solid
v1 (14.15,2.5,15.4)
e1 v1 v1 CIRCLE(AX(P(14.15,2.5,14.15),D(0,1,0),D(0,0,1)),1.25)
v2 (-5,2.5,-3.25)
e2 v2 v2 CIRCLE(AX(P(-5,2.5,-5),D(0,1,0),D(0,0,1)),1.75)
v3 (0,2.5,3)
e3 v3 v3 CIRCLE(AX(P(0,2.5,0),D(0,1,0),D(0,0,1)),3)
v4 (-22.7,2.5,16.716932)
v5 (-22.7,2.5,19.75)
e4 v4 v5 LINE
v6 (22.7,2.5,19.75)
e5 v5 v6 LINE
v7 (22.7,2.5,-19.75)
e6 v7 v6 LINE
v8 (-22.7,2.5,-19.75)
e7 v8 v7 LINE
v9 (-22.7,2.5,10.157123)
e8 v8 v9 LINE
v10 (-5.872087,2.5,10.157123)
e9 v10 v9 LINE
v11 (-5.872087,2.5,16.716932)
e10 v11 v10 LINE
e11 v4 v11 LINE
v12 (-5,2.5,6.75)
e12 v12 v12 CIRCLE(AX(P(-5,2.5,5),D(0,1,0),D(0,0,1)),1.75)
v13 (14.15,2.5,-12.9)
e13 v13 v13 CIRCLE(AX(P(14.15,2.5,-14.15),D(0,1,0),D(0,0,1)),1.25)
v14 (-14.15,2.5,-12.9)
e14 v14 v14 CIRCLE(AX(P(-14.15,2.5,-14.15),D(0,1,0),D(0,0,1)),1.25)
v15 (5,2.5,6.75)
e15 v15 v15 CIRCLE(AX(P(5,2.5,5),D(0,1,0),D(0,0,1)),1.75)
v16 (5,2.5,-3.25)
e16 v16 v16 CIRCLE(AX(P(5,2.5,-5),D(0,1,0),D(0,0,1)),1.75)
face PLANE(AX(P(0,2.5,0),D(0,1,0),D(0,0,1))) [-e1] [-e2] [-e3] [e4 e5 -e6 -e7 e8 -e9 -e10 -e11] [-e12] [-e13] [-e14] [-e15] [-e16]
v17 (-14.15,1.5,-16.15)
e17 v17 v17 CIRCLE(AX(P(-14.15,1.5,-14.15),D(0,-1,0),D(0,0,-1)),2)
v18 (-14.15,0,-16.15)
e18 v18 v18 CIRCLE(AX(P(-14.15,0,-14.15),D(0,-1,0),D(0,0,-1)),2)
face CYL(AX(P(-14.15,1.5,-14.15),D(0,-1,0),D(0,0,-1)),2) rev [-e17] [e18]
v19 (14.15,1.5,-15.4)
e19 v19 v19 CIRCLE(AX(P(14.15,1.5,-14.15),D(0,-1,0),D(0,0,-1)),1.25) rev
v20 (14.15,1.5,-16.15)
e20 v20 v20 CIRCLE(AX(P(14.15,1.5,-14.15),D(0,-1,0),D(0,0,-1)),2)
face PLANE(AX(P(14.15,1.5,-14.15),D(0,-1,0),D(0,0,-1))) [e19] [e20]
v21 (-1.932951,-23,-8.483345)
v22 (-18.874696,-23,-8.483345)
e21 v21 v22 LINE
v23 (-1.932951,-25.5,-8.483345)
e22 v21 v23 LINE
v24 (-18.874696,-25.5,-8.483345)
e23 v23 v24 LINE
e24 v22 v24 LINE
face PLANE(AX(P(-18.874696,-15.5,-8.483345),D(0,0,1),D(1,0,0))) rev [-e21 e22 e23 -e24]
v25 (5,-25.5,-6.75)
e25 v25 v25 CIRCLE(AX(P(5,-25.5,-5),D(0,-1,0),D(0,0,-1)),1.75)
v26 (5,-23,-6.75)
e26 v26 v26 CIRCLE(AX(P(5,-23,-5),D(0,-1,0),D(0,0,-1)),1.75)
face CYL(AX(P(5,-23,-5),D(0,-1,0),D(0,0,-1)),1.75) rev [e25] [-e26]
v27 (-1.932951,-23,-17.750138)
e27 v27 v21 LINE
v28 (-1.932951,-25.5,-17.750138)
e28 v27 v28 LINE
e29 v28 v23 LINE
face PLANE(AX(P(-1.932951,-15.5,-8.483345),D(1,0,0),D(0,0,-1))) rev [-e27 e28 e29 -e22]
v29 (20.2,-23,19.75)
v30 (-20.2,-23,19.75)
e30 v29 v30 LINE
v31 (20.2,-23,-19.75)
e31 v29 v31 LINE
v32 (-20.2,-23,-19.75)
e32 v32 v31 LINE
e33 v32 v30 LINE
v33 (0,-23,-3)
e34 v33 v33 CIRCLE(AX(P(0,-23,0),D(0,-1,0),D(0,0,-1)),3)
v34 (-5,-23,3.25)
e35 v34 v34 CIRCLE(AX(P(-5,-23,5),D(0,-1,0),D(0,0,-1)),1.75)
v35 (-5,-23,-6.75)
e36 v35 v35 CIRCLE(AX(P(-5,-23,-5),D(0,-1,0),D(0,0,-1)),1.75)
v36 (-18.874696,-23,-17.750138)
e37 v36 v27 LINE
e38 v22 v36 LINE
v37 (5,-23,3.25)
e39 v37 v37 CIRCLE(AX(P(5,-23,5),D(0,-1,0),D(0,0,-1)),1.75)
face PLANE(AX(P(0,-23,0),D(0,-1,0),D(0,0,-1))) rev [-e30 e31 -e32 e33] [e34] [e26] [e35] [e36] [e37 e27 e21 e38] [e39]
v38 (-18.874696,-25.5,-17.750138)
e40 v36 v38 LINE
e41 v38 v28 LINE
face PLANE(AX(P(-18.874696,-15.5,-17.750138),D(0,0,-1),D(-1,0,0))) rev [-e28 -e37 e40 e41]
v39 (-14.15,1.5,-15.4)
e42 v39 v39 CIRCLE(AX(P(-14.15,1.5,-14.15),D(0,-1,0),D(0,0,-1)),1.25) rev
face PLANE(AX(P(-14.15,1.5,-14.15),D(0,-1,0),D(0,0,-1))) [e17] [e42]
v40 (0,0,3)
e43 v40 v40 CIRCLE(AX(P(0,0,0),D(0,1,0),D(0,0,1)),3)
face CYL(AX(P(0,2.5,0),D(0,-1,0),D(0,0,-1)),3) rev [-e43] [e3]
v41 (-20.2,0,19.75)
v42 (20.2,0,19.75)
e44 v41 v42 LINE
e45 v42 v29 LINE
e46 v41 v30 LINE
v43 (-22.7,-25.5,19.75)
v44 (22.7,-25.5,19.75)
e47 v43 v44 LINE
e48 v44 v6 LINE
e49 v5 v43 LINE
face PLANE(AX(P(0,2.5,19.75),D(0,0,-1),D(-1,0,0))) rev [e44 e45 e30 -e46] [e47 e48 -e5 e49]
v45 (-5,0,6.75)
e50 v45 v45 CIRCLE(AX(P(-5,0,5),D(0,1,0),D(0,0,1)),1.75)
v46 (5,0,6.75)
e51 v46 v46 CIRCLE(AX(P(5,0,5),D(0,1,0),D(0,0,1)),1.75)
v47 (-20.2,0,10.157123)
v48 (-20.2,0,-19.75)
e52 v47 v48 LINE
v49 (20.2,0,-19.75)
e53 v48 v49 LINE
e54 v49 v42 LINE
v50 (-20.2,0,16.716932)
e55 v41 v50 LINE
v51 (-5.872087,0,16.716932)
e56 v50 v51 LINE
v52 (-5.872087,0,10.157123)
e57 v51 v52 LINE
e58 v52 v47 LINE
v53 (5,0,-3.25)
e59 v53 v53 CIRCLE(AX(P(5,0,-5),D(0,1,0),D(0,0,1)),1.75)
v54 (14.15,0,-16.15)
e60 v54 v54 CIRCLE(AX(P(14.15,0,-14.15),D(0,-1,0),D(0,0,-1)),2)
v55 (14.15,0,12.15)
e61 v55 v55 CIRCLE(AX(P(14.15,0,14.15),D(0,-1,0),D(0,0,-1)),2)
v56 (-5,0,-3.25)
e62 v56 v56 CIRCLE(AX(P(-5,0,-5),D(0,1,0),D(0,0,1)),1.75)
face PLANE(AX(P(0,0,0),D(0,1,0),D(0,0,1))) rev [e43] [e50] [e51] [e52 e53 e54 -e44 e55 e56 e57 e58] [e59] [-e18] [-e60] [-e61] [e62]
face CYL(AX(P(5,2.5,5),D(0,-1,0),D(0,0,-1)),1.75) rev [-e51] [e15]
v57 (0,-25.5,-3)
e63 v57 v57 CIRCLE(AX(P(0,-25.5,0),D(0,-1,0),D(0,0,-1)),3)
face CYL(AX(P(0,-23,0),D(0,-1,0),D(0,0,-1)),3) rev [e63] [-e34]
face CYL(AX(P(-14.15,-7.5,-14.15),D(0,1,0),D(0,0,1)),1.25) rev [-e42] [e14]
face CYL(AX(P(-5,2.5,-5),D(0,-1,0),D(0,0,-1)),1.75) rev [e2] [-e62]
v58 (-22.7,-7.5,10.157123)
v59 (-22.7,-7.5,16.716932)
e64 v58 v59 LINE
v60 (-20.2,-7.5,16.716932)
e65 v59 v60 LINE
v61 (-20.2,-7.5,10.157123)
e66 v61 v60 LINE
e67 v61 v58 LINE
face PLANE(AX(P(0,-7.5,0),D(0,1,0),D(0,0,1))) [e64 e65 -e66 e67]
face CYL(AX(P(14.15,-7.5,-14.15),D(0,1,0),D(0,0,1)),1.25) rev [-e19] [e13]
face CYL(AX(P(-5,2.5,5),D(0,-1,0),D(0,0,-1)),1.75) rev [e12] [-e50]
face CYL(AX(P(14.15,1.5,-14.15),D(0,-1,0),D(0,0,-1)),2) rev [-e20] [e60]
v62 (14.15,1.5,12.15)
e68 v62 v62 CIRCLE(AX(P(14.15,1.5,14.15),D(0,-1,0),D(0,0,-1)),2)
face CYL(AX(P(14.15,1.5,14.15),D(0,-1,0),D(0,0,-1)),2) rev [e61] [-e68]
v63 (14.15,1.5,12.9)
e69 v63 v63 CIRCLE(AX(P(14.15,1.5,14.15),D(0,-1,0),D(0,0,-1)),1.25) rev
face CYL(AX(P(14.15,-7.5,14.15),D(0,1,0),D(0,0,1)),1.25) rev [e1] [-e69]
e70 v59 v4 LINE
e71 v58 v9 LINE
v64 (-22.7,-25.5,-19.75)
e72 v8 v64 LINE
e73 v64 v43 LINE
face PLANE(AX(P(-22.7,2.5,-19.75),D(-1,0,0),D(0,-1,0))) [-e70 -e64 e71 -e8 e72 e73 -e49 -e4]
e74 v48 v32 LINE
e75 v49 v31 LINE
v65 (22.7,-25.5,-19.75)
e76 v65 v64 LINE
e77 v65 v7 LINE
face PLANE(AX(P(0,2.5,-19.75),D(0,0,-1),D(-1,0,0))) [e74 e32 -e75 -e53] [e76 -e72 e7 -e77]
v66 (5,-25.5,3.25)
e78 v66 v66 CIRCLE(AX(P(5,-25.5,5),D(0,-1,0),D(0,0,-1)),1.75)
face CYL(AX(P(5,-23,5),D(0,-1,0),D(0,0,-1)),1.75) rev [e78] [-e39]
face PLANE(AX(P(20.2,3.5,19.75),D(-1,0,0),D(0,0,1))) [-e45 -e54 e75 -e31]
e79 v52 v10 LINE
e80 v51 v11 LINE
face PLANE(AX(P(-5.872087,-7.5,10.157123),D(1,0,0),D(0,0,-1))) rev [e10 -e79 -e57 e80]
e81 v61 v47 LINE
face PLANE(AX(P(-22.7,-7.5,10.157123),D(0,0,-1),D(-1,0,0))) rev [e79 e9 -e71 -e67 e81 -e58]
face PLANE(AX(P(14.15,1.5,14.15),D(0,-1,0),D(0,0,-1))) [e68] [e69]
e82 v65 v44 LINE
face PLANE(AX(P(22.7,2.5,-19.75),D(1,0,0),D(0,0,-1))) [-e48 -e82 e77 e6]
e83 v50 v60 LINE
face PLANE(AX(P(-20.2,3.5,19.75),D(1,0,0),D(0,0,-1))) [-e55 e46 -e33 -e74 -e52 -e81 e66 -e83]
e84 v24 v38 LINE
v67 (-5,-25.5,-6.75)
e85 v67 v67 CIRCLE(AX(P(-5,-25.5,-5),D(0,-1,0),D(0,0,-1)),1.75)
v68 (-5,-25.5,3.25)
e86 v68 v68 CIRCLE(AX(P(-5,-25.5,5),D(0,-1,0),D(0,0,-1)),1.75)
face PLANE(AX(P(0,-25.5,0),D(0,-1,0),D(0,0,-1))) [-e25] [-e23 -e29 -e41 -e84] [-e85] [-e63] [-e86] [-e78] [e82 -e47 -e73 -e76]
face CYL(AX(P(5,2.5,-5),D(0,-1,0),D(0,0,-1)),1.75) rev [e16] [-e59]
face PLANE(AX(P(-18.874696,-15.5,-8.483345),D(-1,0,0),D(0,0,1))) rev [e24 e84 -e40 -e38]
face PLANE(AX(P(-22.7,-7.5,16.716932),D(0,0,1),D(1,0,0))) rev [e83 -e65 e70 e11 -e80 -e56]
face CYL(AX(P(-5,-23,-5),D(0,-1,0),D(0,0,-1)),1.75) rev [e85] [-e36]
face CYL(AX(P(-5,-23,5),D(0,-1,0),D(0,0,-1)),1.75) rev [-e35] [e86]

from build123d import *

# Parameters (mm, degrees)
SKETCH_1_W           = 50
SKETCH_1_H           = 39.5
SKETCH_1_R           = 1.51
SKETCH_1_R_2         = 1.75
SKETCH_1_R_3         = 3
EXTRUDE_1_DEPTH      = 2.5
SKETCH_2_W           = 2
SKETCH_2_H           = 39.5
EXTRUDE_6_DEPTH      = 28
SKETCH_3_W           = 50
SKETCH_3_H           = 39.5
SKETCH_3_R           = 1.75
SKETCH_3_R_2         = 3
SKETCH_3_R_3         = 1.51
EXTRUDE_7_DEPTH      = 2.5
SKETCH_4_W           = 16.941744986
SKETCH_4_H           = 9.266793399
CUT_EXTRUDE_1_DEPTH  = 10
SKETCH_5_W           = 6.8
SKETCH_5_H           = 39.5
EXTRUDE_8_DEPTH      = 29
SKETCH_6_OUTSIDE_W   = 70.584
SKETCH_6_OUTSIDE_H   = 45.584
SKETCH_6_OUTSIDE_W_2 = 45.4
SKETCH_6_OUTSIDE_H_2 = 28
CUT_EXTRUDE_2_DEPTH  = 55.217155956
SKETCH_7_R           = 1.25
CUT_EXTRUDE_3_DEPTH  = 10
SKETCH_8_R           = 2
CUT_EXTRUDE_4_DEPTH  = 1.5
SKETCH_9_W           = 16.827913255
SKETCH_9_H           = 6.559808616
CUT_EXTRUDE_5_DEPTH  = 10


with BuildPart() as part:
    # 草图1 → 凸台-拉伸1 (new body)
    with BuildSketch(Plane(origin=(0, 0, 0), x_dir=(1, 0, 0), z_dir=(0, 1, 0))):
        Rectangle(SKETCH_1_W, SKETCH_1_H)
        with Locations(Location((22.5, 9.75, 0), (0, 0, 270))):
            Circle(SKETCH_1_R, mode=Mode.SUBTRACT)
        with Locations(Location((-22.5, 9.75, 0), (0, 0, 270))):
            Circle(SKETCH_1_R, mode=Mode.SUBTRACT)
        with Locations(Location((-5, -5, 0), (0, 0, 270))):
            Circle(SKETCH_1_R_2, mode=Mode.SUBTRACT)
        with Locations(Location((5, -5, 0), (0, 0, 270))):
            Circle(SKETCH_1_R_2, mode=Mode.SUBTRACT)
        with Locations(Location((5, 5, 0), (0, 0, 270))):
            Circle(SKETCH_1_R_2, mode=Mode.SUBTRACT)
        with Locations(Location((-5, 5, 0), (0, 0, 270))):
            Circle(SKETCH_1_R_2, mode=Mode.SUBTRACT)
        with Locations(Location((0, 0, 0), (0, 0, 270))):
            Circle(SKETCH_1_R_3, mode=Mode.SUBTRACT)
        with Locations(Location((22.5, -9.75, 0), (0, 0, 270))):
            Circle(SKETCH_1_R, mode=Mode.SUBTRACT)
        with Locations(Location((-22.5, -9.75, 0), (0, 0, 270))):
            Circle(SKETCH_1_R, mode=Mode.SUBTRACT)
    extrude(amount=EXTRUDE_1_DEPTH)

    # 草图2 → 凸台-拉伸6 (add)
    with BuildSketch(Plane(origin=(0, 2.5, 0), x_dir=(1, 0, 0), z_dir=(0, 1, 0))):
        with Locations((-26, 0)):
            Rectangle(SKETCH_2_W, SKETCH_2_H)
        with Locations((26, 0)):
            Rectangle(SKETCH_2_W, SKETCH_2_H)
    extrude(amount=-EXTRUDE_6_DEPTH)

    # 草图3 → 凸台-拉伸7 (add)
    with BuildSketch(Plane.XZ.offset(25.5)):
        Rectangle(SKETCH_3_W, SKETCH_3_H)
        with Locations(Location((-5, 5, 0), (0, 0, 90))):
            Circle(SKETCH_3_R, mode=Mode.SUBTRACT)
        with Locations(Location((5, 5, 0), (0, 0, 90))):
            Circle(SKETCH_3_R, mode=Mode.SUBTRACT)
        with Locations(Location((5, -5, 0), (0, 0, 90))):
            Circle(SKETCH_3_R, mode=Mode.SUBTRACT)
        with Locations(Location((-5, -5, 0), (0, 0, 90))):
            Circle(SKETCH_3_R, mode=Mode.SUBTRACT)
        with Locations(Location((0, 0, 0), (0, 0, 90))):
            Circle(SKETCH_3_R_2, mode=Mode.SUBTRACT)
        with Locations(Location((22.5, -9.75, 0), (0, 0, 90))):
            Circle(SKETCH_3_R_3, mode=Mode.SUBTRACT)
        with Locations(Location((-22.5, -9.75, 0), (0, 0, 90))):
            Circle(SKETCH_3_R_3, mode=Mode.SUBTRACT)
        with Locations(Location((-22.5, 9.75, 0), (0, 0, 90))):
            Circle(SKETCH_3_R_3, mode=Mode.SUBTRACT)
        with Locations(Location((22.5, 9.75, 0), (0, 0, 90))):
            Circle(SKETCH_3_R_3, mode=Mode.SUBTRACT)
    extrude(amount=-EXTRUDE_7_DEPTH)

    # 草图4 → 切除-拉伸1 (cut)
    with BuildSketch(Plane.XZ.offset(25.5)):
        with Locations((-10.403823263, -13.116741256)):
            Rectangle(SKETCH_4_W, SKETCH_4_H)
    extrude(amount=-CUT_EXTRUDE_1_DEPTH, mode=Mode.SUBTRACT)

    # 草图5 → 凸台-拉伸8 (add)
    with BuildSketch(Plane.XZ.offset(25.5)):
        with Locations((23.6, 0)):
            Rectangle(SKETCH_5_W, SKETCH_5_H)
        with Locations((-23.6, 0)):
            Rectangle(SKETCH_5_W, SKETCH_5_H)
    extrude(amount=-EXTRUDE_8_DEPTH)

    # 草图6 outside → 切除-拉伸2 (cut, through all)
    with BuildSketch(Plane.XY.offset(19.75)):
        with Locations((0, -11)):
            Rectangle(SKETCH_6_OUTSIDE_W, SKETCH_6_OUTSIDE_H)
        with Locations((0, -11.5)):
            Rectangle(SKETCH_6_OUTSIDE_W_2, SKETCH_6_OUTSIDE_H_2, mode=Mode.SUBTRACT)
    extrude(amount=-CUT_EXTRUDE_2_DEPTH, mode=Mode.SUBTRACT)

    # 草图7 → 切除-拉伸3 (cut)
    with BuildSketch(Plane(origin=(0, 2.5, 0), x_dir=(1, 0, 0), z_dir=(0, 1, 0))):
        with Locations(Location((14.15, 14.15, 0), (0, 0, 270))):
            Circle(SKETCH_7_R)
        with Locations(Location((14.15, -14.15, 0), (0, 0, 270))):
            Circle(SKETCH_7_R)
        with Locations(Location((-14.15, -14.15, 0), (0, 0, 270))):
            Circle(SKETCH_7_R)
        with Locations(Location((-14.15, 14.15, 0), (0, 0, 270))):
            Circle(SKETCH_7_R)
    extrude(amount=-CUT_EXTRUDE_3_DEPTH, mode=Mode.SUBTRACT)

    # 草图8 → 切除-拉伸4 (cut)
    with BuildSketch(Plane.XZ):
        with Locations(Location((-14.15, -14.15, 0), (0, 0, 270))):
            Circle(SKETCH_8_R)
        with Locations(Location((-14.15, 14.15, 0), (0, 0, 270))):
            Circle(SKETCH_8_R)
        with Locations(Location((14.15, 14.15, 0), (0, 0, 270))):
            Circle(SKETCH_8_R)
        with Locations(Location((14.15, -14.15, 0), (0, 0, 270))):
            Circle(SKETCH_8_R)
    extrude(amount=-CUT_EXTRUDE_4_DEPTH, mode=Mode.SUBTRACT)

    # 草图9 → 切除-拉伸5 (cut)
    with BuildSketch(Plane(origin=(0, 2.5, 0), x_dir=(1, 0, 0), z_dir=(0, 1, 0))):
        with Locations((-14.286043373, -13.437027327)):
            Rectangle(SKETCH_9_W, SKETCH_9_H)
    extrude(amount=-CUT_EXTRUDE_5_DEPTH, mode=Mode.SUBTRACT)


solid = part.part
